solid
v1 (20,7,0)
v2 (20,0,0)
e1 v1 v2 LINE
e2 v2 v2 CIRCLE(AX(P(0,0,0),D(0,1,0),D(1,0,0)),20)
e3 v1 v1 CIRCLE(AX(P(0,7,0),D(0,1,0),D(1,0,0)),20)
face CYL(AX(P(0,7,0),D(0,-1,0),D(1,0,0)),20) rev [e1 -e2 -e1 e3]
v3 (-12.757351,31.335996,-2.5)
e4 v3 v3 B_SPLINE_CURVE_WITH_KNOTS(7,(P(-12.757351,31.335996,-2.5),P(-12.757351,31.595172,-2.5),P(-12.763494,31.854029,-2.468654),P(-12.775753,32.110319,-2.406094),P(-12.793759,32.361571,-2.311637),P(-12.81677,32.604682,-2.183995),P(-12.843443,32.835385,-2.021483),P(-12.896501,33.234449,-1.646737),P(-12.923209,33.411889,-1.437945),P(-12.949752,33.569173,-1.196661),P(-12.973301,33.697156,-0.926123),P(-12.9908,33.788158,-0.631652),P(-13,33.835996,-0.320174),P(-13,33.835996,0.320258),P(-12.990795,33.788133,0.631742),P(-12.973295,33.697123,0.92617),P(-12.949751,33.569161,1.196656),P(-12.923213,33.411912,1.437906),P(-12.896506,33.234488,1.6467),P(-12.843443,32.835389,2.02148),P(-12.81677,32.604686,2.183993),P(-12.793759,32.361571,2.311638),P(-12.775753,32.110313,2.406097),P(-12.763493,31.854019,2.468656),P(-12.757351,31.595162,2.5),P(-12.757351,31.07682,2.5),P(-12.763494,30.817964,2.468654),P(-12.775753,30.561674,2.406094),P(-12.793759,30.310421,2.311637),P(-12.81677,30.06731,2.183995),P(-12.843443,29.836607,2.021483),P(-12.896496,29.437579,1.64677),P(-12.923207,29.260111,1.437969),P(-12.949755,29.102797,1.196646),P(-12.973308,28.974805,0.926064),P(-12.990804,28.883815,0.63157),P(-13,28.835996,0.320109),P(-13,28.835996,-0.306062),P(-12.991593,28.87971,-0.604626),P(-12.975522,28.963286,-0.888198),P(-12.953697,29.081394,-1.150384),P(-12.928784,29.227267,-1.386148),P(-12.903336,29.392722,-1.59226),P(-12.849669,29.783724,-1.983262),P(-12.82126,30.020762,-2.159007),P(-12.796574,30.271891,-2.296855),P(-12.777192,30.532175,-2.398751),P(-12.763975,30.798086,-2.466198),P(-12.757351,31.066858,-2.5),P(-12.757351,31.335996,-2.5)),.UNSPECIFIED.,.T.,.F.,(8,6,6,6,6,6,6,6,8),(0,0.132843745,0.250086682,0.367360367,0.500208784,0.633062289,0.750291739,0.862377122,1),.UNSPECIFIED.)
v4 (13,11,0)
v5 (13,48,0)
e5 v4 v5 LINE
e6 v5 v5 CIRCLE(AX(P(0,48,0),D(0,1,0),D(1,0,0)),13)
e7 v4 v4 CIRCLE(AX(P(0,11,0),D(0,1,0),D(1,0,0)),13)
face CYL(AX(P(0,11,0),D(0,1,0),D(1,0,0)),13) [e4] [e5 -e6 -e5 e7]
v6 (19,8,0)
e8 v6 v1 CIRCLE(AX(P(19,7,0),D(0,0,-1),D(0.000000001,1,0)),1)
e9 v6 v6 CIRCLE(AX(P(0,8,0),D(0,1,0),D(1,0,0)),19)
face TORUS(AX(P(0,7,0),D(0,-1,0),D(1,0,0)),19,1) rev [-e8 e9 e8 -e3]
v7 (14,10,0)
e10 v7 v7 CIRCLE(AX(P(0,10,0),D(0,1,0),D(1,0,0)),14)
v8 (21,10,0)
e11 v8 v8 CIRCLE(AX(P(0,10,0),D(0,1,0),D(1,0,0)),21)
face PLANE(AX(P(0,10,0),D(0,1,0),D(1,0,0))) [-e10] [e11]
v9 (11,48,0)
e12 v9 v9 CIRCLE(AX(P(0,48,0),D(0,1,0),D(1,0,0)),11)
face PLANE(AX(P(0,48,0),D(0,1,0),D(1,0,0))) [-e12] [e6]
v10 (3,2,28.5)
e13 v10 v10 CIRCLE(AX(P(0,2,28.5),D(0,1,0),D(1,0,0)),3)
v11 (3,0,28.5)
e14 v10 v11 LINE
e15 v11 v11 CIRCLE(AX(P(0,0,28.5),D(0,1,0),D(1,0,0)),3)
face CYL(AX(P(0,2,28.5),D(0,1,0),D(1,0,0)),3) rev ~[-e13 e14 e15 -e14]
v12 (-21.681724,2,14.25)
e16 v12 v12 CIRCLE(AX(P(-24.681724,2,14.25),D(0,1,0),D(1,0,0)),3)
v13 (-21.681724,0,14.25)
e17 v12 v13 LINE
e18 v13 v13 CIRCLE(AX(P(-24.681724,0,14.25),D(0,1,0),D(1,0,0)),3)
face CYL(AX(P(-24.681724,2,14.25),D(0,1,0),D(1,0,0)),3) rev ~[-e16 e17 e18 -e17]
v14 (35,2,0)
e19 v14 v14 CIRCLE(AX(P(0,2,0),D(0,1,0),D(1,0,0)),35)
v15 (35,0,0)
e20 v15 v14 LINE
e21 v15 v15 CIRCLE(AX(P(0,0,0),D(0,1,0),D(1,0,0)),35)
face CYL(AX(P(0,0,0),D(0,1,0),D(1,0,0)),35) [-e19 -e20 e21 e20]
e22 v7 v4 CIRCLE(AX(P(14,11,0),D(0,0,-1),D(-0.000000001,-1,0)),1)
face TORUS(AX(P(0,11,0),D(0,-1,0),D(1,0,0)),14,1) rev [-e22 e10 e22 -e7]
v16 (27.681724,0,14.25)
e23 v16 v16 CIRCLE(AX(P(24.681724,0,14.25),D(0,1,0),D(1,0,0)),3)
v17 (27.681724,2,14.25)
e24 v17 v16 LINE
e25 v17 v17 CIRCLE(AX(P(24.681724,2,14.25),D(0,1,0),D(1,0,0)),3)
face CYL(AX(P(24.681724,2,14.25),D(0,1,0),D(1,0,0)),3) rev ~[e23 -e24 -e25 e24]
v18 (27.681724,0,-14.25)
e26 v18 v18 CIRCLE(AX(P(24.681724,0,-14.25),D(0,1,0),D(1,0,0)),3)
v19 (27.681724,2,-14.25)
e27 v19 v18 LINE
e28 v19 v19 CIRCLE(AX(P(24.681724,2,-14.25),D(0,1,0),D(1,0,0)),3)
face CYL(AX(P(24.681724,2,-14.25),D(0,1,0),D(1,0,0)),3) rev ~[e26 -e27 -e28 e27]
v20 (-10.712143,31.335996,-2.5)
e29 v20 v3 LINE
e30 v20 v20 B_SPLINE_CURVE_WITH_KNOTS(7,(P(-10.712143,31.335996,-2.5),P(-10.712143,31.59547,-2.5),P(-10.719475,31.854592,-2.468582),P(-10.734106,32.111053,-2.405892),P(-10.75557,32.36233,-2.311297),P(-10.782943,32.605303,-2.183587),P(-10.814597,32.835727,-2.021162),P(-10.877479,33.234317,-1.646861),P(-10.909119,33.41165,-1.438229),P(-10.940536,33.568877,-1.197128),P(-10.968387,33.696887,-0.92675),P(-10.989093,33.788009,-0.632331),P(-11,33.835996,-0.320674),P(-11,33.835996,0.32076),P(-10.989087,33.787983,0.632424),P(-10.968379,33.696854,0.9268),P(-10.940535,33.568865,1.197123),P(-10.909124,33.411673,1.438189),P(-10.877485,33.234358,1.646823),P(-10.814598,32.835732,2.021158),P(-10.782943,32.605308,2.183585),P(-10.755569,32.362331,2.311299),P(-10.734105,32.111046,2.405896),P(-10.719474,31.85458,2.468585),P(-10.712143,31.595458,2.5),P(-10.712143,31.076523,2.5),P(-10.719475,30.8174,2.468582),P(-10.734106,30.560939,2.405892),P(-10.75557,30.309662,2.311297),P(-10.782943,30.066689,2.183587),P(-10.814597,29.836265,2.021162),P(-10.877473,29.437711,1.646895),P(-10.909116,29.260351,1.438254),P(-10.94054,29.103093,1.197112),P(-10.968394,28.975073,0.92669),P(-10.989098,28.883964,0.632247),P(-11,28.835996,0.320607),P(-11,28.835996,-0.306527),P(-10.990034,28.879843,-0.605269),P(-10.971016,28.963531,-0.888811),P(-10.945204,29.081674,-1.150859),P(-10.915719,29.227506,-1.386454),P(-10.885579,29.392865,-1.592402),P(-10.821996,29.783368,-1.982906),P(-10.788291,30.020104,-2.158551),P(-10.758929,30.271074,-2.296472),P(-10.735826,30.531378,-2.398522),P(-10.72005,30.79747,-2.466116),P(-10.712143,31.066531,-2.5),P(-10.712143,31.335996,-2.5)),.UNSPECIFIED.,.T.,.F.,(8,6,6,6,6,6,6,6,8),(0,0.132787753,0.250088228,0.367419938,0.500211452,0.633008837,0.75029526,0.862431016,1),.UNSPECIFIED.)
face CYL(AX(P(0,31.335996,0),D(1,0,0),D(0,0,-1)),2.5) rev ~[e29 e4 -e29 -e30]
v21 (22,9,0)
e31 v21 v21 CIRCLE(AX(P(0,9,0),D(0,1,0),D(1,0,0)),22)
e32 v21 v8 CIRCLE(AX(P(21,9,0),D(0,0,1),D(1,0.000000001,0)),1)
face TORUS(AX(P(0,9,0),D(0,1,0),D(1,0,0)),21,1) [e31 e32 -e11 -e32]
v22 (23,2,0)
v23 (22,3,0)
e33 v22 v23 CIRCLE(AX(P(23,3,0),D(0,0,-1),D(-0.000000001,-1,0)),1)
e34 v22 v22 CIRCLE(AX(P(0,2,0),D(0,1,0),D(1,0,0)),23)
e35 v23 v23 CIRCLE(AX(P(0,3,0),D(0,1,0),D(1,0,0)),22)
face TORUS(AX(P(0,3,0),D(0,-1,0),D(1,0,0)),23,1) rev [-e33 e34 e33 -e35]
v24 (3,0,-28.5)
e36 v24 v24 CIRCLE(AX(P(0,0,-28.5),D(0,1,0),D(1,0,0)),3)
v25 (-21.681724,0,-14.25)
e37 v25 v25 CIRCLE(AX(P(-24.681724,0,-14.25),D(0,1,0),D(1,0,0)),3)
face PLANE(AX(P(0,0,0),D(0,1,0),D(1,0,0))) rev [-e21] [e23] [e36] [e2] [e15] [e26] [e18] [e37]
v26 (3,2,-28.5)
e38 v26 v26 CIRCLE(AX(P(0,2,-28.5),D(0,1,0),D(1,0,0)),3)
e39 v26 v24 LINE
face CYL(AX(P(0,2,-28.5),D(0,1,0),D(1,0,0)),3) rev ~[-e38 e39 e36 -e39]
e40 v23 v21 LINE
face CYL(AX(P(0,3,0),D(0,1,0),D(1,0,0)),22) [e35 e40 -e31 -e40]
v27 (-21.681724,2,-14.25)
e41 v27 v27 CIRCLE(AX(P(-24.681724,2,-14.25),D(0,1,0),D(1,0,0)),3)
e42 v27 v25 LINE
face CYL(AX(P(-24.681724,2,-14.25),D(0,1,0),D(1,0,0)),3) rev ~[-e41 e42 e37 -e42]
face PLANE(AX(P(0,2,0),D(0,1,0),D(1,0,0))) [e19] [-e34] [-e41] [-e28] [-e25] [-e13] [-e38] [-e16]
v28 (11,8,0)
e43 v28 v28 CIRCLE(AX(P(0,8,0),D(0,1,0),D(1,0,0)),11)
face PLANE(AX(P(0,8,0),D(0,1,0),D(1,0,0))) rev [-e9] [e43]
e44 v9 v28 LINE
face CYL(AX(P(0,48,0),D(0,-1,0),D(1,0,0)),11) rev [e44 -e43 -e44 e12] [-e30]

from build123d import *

# Parameters (mm, degrees)
SKETCH_2_R          = 3
CUT_EXTRUDE_1_DEPTH = 3
SKETCH_3_R          = 2.5
CUT_EXTRUDE_2_DEPTH = 36


with BuildPart() as part:
    # 草图1 → 旋转1 (revolve)
    with BuildSketch(Plane.XY):
        with BuildLine():
            Line((20, 0), (35, 0))
            Line((35, 0), (35, 2))
            Line((35, 2), (23, 2))
            ThreePointArc((23, 2), (22.292893219, 2.292893219), (22, 3))
            Line((22, 3), (22, 9))
            ThreePointArc((22, 9), (21.707106781, 9.707106781), (21, 10))
            Line((21, 10), (14, 10))
            ThreePointArc((14, 10), (13.292893219, 10.292893219), (13, 11))
            Line((13, 11), (13, 48))
            Line((13, 48), (11, 48))
            Line((11, 48), (11, 8))
            Line((11, 8), (19, 8))
            ThreePointArc((19, 8), (19.707106781, 7.707106781), (20, 7))
            Line((20, 7), (20, 0))
        make_face()
    revolve(axis=Axis((0, 0, 0), (0, 1, 0)))

    # 草图2 → 切除-拉伸1 (cut, through all)
    with BuildSketch(Plane(origin=(0, 2, 0), x_dir=(1, 0, 0), z_dir=(0, 1, 0))):
        with Locations((0, 28.5)):
            Circle(SKETCH_2_R)
        with Locations((24.681724008, 14.25)):
            Circle(SKETCH_2_R)
        with Locations((24.681724008, -14.25)):
            Circle(SKETCH_2_R)
        with Locations((0, -28.5)):
            Circle(SKETCH_2_R)
        with Locations((-24.681724008, -14.25)):
            Circle(SKETCH_2_R)
        with Locations((-24.681724008, 14.25)):
            Circle(SKETCH_2_R)
    extrude(amount=-CUT_EXTRUDE_1_DEPTH, mode=Mode.SUBTRACT)

    # 草图3 → 切除-拉伸2 (cut, through all)
    with BuildSketch(Plane(origin=(0, 0, 0), x_dir=(0, 0, -1), z_dir=(1, 0, 0))):
        with Locations((0, 31.335996188)):
            Circle(SKETCH_3_R)
    extrude(amount=-CUT_EXTRUDE_2_DEPTH, mode=Mode.SUBTRACT)


solid = part.part
